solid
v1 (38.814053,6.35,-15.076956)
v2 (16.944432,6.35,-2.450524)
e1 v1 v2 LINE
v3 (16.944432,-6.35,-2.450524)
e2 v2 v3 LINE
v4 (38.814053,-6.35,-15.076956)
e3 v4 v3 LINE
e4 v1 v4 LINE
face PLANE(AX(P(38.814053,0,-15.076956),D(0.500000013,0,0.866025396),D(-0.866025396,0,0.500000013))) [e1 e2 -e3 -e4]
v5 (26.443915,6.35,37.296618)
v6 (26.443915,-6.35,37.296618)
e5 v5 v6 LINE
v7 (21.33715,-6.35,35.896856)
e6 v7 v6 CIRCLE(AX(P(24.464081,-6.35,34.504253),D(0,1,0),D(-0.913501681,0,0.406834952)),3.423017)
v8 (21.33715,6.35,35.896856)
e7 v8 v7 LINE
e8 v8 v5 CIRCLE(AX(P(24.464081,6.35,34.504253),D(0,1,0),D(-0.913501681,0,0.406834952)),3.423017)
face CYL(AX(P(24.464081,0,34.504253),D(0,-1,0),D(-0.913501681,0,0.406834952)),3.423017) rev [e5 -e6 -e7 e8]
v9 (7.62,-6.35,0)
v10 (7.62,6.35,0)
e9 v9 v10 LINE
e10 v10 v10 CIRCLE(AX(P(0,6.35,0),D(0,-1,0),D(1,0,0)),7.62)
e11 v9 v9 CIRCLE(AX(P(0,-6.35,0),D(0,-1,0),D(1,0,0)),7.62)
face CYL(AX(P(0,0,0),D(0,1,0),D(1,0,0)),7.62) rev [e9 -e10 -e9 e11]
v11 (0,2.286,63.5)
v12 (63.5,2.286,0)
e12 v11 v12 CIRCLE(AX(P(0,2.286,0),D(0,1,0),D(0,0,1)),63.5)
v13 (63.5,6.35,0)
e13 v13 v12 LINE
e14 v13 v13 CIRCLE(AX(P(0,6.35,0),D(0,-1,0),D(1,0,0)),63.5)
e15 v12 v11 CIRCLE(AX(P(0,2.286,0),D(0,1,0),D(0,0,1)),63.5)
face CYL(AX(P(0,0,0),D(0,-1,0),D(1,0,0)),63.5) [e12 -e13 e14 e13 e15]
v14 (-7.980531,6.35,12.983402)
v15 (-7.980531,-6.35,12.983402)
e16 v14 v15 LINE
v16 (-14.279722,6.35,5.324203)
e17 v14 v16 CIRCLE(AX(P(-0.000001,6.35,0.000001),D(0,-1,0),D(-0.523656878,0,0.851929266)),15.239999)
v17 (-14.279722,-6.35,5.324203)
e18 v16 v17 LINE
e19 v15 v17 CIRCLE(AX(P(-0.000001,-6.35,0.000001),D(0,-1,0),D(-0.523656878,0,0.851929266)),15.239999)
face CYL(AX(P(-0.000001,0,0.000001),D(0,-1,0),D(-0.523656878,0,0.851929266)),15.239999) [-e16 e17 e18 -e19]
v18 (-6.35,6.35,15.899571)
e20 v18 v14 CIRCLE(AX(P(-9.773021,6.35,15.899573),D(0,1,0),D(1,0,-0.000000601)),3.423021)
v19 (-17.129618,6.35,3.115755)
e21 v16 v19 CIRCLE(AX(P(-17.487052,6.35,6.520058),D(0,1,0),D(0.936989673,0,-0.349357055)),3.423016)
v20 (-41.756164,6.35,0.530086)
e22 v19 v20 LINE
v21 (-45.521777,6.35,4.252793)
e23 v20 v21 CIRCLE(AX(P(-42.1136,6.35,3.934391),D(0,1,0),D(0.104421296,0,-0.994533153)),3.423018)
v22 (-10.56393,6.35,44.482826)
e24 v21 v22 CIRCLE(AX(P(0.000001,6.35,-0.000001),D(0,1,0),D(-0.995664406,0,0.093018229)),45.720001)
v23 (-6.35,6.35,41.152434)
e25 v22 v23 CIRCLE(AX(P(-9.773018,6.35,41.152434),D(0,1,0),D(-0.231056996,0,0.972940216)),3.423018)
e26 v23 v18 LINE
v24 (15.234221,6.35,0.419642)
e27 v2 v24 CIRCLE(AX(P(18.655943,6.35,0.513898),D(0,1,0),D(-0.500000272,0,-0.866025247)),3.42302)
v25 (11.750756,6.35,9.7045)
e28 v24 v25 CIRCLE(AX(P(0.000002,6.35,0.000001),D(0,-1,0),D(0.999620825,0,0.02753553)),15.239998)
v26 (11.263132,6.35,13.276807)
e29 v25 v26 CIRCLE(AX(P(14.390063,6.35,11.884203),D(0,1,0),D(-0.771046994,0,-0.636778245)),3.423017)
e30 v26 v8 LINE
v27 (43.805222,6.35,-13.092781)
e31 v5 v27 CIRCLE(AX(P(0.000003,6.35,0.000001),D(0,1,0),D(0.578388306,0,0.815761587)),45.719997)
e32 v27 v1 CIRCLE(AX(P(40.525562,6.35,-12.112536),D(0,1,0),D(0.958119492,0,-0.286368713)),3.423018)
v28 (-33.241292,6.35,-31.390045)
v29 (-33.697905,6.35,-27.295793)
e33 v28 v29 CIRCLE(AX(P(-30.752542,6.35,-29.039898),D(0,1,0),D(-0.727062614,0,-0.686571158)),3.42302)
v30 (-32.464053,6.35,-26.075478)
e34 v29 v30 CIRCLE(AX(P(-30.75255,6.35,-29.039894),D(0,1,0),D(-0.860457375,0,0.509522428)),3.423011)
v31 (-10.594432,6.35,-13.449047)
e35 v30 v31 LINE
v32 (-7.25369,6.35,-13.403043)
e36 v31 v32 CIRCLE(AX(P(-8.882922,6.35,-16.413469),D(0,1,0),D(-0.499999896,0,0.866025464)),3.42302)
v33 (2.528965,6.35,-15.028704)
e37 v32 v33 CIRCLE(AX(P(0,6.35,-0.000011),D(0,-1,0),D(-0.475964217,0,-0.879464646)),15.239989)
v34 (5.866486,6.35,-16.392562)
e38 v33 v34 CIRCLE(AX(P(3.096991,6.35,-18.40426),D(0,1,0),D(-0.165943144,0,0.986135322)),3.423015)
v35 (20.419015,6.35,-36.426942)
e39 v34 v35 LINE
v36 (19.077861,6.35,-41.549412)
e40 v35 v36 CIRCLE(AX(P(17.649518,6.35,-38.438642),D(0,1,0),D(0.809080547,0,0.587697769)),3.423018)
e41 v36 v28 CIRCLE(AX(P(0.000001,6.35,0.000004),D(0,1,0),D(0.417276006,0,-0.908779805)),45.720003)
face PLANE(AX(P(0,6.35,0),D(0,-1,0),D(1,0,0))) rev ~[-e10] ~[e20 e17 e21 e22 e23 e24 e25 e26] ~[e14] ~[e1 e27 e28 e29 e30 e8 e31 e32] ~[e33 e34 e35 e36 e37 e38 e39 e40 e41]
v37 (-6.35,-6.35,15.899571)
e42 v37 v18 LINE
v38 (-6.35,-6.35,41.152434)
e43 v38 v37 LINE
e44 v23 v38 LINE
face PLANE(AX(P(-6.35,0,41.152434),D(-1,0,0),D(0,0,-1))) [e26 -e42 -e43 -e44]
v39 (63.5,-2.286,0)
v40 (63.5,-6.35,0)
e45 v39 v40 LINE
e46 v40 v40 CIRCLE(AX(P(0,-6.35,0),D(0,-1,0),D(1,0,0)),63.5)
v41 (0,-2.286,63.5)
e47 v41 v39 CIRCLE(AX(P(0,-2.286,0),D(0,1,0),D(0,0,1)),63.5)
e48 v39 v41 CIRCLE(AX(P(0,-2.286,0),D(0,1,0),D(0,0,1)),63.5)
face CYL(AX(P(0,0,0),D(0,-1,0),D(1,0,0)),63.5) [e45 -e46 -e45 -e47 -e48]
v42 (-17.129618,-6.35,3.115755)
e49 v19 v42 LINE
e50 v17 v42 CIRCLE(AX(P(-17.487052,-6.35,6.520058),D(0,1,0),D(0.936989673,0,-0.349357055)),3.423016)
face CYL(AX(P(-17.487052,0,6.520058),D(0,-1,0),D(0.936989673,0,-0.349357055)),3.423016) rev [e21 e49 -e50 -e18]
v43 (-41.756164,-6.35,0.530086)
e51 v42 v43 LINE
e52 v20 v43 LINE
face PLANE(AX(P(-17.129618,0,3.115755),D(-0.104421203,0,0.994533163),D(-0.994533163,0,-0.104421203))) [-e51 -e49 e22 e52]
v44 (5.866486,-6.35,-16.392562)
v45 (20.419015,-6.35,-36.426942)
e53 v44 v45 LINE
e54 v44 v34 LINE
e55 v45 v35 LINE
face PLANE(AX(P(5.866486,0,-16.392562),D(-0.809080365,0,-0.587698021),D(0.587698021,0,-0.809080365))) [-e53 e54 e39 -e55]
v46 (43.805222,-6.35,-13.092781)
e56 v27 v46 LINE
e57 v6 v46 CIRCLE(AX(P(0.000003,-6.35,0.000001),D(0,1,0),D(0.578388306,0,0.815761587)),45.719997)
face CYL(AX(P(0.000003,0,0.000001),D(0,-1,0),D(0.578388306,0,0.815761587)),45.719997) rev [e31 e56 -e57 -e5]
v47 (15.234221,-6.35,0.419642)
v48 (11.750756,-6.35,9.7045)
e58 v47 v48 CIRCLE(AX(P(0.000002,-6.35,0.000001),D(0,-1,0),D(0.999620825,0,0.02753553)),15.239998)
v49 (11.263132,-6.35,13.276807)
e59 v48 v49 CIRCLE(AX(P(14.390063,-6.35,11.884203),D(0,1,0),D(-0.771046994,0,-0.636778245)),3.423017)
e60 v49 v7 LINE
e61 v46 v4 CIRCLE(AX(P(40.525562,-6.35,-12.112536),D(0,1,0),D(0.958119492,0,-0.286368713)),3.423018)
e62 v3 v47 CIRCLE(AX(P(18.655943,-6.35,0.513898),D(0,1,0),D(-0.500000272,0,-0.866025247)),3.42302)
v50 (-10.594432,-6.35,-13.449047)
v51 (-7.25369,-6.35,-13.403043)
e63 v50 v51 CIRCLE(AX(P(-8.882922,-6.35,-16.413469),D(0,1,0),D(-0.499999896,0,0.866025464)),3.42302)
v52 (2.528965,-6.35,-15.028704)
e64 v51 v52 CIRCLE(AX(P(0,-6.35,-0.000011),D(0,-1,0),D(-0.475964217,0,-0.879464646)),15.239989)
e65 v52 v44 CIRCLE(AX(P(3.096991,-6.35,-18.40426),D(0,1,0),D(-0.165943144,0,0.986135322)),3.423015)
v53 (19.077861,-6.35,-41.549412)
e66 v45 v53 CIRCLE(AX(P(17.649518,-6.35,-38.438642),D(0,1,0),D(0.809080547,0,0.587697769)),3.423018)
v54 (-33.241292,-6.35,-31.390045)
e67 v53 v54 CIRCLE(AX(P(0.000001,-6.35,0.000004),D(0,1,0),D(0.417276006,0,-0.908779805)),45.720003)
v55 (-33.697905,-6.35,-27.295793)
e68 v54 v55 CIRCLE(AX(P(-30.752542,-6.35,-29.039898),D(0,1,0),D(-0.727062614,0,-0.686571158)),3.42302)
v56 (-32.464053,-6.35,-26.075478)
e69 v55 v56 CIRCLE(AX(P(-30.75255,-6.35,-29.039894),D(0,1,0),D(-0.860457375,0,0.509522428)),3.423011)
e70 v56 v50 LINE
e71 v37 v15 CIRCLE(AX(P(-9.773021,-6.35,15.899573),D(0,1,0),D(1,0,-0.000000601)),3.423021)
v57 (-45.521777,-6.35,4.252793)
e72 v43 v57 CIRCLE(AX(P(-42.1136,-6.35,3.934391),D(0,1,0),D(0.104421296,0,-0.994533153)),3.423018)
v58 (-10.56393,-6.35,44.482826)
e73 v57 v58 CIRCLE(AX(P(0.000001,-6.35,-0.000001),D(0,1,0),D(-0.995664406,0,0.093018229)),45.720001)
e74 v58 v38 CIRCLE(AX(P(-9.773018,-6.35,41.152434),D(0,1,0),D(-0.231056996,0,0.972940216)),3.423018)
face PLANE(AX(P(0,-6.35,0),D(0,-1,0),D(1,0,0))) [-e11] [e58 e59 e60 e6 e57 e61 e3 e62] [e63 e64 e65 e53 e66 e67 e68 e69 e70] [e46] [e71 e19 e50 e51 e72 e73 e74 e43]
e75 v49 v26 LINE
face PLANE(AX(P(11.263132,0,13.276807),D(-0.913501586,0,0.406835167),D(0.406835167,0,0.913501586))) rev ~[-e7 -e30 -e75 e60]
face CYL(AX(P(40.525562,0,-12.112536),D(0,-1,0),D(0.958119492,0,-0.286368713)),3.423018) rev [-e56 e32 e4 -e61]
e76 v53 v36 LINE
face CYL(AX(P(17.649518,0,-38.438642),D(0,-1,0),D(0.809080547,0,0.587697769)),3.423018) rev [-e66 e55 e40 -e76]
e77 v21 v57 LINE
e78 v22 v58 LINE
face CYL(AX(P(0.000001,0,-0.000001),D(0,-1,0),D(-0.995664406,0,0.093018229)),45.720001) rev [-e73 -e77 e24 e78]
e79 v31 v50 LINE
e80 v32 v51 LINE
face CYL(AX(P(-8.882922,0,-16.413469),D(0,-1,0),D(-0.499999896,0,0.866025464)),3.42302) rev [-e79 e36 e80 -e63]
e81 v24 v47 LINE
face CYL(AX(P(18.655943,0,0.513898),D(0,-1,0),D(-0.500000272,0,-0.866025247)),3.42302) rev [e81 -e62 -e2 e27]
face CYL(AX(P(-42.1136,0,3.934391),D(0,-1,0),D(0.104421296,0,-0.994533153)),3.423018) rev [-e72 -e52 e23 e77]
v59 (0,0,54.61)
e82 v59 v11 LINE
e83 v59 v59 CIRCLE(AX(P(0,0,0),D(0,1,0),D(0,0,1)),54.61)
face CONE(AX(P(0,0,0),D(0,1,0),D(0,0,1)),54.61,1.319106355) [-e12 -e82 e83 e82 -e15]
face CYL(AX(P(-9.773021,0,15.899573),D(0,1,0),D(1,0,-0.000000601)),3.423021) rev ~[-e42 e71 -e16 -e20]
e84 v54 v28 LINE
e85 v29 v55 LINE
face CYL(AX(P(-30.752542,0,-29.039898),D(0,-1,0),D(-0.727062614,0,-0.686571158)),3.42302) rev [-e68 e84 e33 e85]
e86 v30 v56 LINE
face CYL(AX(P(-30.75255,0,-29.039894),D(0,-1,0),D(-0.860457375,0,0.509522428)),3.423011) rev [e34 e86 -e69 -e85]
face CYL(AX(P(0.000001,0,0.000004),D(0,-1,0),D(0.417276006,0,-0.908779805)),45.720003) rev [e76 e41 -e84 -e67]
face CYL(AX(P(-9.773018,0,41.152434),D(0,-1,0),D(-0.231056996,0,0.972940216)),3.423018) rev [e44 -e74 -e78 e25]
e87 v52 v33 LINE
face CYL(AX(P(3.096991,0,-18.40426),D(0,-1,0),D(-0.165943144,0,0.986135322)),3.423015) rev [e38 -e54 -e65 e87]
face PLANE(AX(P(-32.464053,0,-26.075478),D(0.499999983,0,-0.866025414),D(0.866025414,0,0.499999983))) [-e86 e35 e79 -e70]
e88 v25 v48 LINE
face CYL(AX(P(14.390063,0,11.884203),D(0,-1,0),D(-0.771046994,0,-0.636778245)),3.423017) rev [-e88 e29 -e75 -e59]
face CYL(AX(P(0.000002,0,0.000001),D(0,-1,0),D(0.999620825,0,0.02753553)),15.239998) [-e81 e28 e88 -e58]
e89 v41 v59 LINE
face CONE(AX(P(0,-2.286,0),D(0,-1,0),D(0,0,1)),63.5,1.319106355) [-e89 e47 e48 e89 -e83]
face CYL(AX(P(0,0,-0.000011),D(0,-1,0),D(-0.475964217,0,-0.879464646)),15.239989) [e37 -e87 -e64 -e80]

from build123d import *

# Parameters (mm, degrees)
F0_R     = 63.5
F0_R_2   = 7.62
F1_DEPTH = 6.35


with BuildPart() as f1:
    # F0 (on Front) → F1 (new body, symmetric)
    with BuildSketch(Plane.XZ):
        Circle(F0_R)
        with BuildLine():
            ThreePointArc((-33.697905, -27.295793), (-33.159597, -26.606146), (-32.464053, -26.075478))
            Line((-32.464053, -26.075478), (-10.594432, -13.449047))
            ThreePointArc((-10.594432, -13.449047), (-8.930055, -12.990774), (-7.25369, -13.403043))
            ThreePointArc((-7.25369, -13.403043), (-2.498289, -15.033834), (2.528965, -15.028704))
            ThreePointArc((2.528965, -15.028704), (4.391844, -15.235603), (5.866486, -16.392562))
            Line((5.866486, -16.392562), (20.419015, -36.426942))
            ThreePointArc((20.419015, -36.426942), (20.960921, -39.305626), (19.077861, -41.549412))
            ThreePointArc((19.077861, -41.549412), (-8.715152, -44.881672), (-33.241292, -31.390045))
            ThreePointArc((-33.241292, -31.390045), (-34.154471, -29.4193), (-33.697905, -27.295793))
        make_face(mode=Mode.SUBTRACT)
        with BuildLine():
            ThreePointArc((-45.521777, 4.252793), (-34.511093, 29.988379), (-10.56393, 44.482826))
            ThreePointArc((-10.56393, 44.482826), (-7.650549, 43.837984), (-6.35, 41.152434))
            Line((-6.35, 41.152434), (-6.35, 15.899571))
            ThreePointArc((-6.35, 15.899571), (-6.785313, 14.229042), (-7.980531, 12.983402))
            ThreePointArc((-7.980531, 12.983402), (-11.770537, 9.680499), (-14.279722, 5.324203))
            ThreePointArc((-14.279722, 5.324203), (-15.390341, 3.814353), (-17.129618, 3.115755))
            Line((-17.129618, 3.115755), (-41.756164, 0.530086))
            ThreePointArc((-41.756164, 0.530086), (-44.520131, 1.500123), (-45.521777, 4.252793))
        make_face(mode=Mode.SUBTRACT)
        Circle(F0_R_2, mode=Mode.SUBTRACT)
        with BuildLine():
            Line((11.263132, 13.276807), (21.33715, 35.896856))
            ThreePointArc((21.33715, 35.896856), (23.55921, 37.805503), (26.443915, 37.296618))
            ThreePointArc((26.443915, 37.296618), (43.226245, 14.893293), (43.805222, -13.092781))
            ThreePointArc((43.805222, -13.092781), (41.790083, -15.293422), (38.814053, -15.076956))
            Line((38.814053, -15.076956), (16.944432, -2.450524))
            ThreePointArc((16.944432, -2.450524), (15.715368, -1.238268), (15.234221, 0.419642))
            ThreePointArc((15.234221, 0.419642), (14.268826, 5.353335), (11.750756, 9.7045))
            ThreePointArc((11.750756, 9.7045), (10.998497, 11.42125), (11.263132, 13.276807))
        make_face(mode=Mode.SUBTRACT)
    extrude(amount=F1_DEPTH, both=True)

    # F2 (on Right) → F3 (revolve, cut)
    with BuildSketch(Plane.YZ):
        Polygon((-2.286, 63.5), (0, 54.61), (0, 63.5), align=None)
        Polygon((0, 63.5), (0, 54.61), (2.286, 63.5), align=None)
    revolve(axis=Axis((0, -4.296992, 0), (0, 1, 0)), mode=Mode.SUBTRACT)


solid = f1.part
